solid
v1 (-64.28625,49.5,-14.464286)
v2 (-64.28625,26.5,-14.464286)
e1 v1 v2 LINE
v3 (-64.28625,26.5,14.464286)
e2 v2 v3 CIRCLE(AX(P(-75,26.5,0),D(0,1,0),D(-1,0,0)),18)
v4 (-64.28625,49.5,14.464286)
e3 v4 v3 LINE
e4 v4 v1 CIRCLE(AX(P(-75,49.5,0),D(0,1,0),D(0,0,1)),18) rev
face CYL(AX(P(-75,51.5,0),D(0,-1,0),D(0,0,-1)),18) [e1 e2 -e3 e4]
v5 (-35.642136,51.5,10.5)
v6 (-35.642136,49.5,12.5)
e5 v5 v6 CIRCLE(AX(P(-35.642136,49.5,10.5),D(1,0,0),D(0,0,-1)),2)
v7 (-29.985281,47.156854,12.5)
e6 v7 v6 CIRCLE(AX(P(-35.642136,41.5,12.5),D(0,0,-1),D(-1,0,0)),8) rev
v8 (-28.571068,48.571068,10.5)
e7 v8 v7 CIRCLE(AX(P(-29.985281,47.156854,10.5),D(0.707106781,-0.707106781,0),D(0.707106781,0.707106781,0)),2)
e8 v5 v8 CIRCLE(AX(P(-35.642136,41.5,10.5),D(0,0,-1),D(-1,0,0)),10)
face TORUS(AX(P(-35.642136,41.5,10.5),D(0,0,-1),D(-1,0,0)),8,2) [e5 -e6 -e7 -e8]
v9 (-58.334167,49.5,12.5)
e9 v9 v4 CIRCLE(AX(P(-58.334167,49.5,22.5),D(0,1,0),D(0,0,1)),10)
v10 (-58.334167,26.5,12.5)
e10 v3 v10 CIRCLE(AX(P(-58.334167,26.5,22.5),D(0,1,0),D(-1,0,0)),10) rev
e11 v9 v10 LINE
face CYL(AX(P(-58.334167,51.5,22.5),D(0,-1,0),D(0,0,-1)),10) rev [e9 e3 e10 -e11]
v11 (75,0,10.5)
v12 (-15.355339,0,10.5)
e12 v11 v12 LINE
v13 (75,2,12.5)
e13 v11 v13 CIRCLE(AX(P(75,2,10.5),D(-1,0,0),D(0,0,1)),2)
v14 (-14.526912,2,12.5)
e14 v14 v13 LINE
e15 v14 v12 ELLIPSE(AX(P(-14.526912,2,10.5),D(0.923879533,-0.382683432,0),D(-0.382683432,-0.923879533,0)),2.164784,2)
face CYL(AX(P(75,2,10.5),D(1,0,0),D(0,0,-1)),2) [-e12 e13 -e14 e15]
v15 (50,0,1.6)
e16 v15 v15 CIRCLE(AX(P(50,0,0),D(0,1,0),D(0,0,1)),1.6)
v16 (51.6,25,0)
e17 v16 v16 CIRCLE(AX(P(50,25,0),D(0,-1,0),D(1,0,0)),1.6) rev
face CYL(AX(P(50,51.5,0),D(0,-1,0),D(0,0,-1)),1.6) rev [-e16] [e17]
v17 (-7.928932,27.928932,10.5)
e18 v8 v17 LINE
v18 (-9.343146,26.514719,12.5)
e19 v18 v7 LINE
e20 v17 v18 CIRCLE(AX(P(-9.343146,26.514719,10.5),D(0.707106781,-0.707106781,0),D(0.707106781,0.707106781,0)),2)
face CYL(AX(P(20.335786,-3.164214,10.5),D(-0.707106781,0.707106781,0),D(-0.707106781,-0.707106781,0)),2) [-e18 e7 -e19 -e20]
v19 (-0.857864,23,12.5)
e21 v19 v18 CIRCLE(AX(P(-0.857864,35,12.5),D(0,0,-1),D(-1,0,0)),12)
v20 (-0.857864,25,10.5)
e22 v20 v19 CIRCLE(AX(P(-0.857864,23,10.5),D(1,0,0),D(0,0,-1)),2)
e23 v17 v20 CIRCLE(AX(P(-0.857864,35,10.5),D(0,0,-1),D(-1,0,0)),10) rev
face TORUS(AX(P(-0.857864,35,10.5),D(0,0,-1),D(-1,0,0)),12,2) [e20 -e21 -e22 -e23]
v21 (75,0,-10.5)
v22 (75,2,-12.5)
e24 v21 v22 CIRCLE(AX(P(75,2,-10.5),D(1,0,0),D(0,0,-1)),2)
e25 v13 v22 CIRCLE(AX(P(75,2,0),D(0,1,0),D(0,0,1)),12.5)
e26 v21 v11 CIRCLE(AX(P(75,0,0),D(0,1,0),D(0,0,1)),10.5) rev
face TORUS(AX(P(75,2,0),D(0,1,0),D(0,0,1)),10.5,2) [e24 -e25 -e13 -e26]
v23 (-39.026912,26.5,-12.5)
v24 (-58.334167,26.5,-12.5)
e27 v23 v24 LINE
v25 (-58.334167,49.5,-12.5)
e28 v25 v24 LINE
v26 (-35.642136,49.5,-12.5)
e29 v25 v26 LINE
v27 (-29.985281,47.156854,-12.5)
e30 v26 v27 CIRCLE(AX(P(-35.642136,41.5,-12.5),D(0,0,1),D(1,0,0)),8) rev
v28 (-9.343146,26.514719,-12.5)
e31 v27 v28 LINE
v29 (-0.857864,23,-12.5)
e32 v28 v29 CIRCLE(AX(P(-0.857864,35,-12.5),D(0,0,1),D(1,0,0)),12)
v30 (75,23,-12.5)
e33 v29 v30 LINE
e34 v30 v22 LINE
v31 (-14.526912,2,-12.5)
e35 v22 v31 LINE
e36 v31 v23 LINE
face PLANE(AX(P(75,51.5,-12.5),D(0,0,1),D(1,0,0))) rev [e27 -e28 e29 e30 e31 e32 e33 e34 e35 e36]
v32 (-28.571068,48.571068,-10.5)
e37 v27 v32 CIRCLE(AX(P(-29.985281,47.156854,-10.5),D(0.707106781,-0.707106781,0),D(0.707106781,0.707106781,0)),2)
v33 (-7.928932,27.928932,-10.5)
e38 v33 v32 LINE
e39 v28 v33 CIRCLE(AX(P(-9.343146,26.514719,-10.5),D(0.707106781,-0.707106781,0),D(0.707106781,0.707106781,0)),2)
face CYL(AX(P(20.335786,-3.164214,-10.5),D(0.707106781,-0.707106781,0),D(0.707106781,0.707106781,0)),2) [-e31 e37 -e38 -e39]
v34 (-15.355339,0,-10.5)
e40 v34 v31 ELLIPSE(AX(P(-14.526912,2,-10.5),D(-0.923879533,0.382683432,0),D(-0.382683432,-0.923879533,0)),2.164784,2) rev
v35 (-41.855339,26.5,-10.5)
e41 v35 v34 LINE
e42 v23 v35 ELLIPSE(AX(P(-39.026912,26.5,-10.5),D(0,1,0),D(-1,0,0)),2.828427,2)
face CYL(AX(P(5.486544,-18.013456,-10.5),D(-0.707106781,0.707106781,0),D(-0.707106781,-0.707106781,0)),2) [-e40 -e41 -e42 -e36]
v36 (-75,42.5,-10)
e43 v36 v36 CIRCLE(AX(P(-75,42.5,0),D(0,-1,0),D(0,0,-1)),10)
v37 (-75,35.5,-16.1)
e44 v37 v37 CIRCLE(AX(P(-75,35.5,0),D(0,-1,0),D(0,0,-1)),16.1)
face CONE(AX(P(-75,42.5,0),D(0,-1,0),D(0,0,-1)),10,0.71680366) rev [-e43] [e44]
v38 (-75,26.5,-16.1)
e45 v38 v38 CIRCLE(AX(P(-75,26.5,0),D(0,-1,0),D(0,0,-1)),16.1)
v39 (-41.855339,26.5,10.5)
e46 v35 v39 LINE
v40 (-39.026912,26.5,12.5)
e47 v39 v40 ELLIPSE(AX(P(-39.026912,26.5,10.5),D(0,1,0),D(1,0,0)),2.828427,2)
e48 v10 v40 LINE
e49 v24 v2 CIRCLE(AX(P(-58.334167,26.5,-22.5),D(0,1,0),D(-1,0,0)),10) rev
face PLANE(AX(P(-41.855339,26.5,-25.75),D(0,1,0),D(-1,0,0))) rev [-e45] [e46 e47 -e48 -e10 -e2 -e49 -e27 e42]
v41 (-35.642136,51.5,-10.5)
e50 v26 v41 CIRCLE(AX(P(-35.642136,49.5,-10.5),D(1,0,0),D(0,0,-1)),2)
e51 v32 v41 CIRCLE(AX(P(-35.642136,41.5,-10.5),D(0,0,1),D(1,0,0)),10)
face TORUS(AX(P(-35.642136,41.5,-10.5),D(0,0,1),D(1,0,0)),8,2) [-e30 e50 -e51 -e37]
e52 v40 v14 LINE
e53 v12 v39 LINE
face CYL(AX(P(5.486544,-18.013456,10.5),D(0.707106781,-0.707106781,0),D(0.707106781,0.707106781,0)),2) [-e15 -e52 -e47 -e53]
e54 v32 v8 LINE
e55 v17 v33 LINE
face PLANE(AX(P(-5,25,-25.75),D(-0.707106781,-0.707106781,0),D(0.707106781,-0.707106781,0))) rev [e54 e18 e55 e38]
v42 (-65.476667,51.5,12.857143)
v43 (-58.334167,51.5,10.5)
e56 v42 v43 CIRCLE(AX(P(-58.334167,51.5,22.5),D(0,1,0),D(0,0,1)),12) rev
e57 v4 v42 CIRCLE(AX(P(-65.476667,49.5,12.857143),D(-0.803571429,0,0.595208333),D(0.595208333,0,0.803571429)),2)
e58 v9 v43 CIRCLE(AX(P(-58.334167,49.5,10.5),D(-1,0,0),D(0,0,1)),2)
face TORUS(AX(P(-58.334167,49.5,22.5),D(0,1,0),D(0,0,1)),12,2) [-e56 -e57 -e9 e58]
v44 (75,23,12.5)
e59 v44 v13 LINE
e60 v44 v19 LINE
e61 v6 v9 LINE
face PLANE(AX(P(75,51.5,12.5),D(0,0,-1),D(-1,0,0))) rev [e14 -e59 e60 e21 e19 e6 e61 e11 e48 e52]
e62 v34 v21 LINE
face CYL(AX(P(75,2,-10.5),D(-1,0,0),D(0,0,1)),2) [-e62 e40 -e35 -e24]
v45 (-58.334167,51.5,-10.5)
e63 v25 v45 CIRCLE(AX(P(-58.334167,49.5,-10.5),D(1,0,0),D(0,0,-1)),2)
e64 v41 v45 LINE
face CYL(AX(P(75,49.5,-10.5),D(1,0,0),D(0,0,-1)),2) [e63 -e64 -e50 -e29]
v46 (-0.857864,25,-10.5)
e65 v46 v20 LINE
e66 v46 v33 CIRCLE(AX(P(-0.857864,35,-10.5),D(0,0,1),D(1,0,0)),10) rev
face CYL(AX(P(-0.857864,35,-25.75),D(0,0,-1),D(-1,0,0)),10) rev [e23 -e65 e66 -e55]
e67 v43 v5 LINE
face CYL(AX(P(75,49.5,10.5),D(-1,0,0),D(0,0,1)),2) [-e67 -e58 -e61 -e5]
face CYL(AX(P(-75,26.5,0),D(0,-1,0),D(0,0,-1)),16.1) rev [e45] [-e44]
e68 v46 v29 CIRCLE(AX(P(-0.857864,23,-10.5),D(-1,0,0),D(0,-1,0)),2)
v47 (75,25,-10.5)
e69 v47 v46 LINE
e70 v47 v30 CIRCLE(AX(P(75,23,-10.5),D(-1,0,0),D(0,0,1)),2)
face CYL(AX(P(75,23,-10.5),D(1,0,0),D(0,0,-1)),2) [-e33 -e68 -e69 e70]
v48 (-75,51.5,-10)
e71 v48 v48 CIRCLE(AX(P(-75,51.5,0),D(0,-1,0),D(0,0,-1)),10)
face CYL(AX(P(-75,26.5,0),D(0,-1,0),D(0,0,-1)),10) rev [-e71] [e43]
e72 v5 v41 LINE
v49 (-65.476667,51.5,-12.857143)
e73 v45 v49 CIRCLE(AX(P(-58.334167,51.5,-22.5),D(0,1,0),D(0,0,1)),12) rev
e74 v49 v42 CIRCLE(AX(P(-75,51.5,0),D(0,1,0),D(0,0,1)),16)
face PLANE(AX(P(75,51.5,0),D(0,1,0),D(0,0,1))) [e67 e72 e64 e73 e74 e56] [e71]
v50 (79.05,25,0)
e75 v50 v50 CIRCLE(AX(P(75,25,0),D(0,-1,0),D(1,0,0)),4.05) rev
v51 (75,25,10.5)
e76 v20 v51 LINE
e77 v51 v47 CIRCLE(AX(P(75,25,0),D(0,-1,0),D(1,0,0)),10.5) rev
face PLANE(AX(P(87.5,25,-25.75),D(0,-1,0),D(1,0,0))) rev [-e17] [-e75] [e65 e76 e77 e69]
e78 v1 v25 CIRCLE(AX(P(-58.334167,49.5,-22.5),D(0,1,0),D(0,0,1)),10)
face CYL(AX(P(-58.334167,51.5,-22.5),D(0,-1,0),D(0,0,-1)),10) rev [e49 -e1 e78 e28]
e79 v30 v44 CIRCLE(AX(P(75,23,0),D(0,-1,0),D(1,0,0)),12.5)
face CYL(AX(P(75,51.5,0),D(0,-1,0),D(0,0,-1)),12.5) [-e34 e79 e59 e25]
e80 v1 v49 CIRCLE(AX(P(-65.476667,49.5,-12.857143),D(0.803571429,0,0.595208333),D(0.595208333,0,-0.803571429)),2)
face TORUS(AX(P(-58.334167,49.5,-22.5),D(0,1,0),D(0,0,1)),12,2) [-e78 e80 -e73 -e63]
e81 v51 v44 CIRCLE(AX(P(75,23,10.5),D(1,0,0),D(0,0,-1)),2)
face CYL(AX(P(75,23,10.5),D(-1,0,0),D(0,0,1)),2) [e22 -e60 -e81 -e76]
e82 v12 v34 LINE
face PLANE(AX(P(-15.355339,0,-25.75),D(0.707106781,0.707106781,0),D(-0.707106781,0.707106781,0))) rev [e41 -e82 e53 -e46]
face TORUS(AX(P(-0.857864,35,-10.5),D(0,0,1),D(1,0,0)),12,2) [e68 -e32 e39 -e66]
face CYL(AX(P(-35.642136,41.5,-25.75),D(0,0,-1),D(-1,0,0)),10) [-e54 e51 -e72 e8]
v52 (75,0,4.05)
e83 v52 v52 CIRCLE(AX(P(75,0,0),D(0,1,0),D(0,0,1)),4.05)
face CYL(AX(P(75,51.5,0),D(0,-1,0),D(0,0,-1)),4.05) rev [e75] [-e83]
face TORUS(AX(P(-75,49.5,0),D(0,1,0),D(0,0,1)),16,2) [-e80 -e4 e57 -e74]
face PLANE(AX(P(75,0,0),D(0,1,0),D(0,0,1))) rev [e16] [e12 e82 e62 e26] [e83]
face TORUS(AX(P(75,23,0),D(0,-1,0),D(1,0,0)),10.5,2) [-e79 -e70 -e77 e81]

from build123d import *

# Parameters (mm, degrees)
SALIENTE_EXTRUIR1_DEPTH = 51.5
CORTAR_EXTRUIR2_DEPTH   = 25.75
CROQUIS5_R              = 4.05
CROQUIS5_R_2            = 1.6
CORTAR_EXTRUIR3_DEPTH   = 108.820452605
REDONDEO1_R             = 10
REDONDEO2_R             = 2
REDONDEO3_R             = 2


with BuildPart() as part:
    # Croquis1 → Saliente-Extruir1 (new body)
    with BuildSketch(Plane(origin=(0, 0, 0), x_dir=(1, 0, 0), z_dir=(0, 1, 0))):
        with BuildLine():
            Line((75, -12.5), (-58.334166688, -12.5))
            ThreePointArc((-58.334166688, -12.5), (-61.46808254, -13.003760143), (-64.286250013, -14.464285714))
            ThreePointArc((-64.286250013, -14.464285714), (-93, 0), (-64.286250013, 14.464285714))
            ThreePointArc((-64.286250013, 14.464285714), (-61.46808254, 13.003760143), (-58.334166688, 12.5))
            Line((-58.334166688, 12.5), (75, 12.5))
            ThreePointArc((75, 12.5), (87.5, 0), (75, -12.5))
        make_face()
    extrude(amount=SALIENTE_EXTRUIR1_DEPTH)

    # Croquis3 → Cortar-Extruir2 (cut, symmetric)
    with BuildSketch(Plane.XY):
        Polygon((87.5, 25), (-5, 25), (-31.5, 51.5), (87.5, 51.5), align=None)
        Polygon((-15.355339059, 0), (-41.855339059, 26.5), (-93, 26.5), (-93, 0), align=None)
    extrude(amount=CORTAR_EXTRUIR2_DEPTH, both=True, mode=Mode.SUBTRACT)

    # Croquis4 → Cortar-Revolución1 (revolve, cut)
    with BuildSketch(Plane.XY):
        Polygon((-75, 26.5), (-75, 51.5), (-85, 51.5), (-85, 42.5), (-91.1, 35.5), (-91.1, 26.5), align=None)
    revolve(axis=Axis((-75, 26.5, 0), (0, 1, 0)), mode=Mode.SUBTRACT)

    # Croquis5 → Cortar-Extruir3 (cut, through all)
    with BuildSketch(Plane(origin=(0, 0, 0), x_dir=(1, 0, 0), z_dir=(0, 1, 0))):
        with Locations((75, 0)):
            Circle(CROQUIS5_R)
        with Locations((50, 0)):
            Circle(CROQUIS5_R_2)
    extrude(amount=CORTAR_EXTRUIR3_DEPTH, mode=Mode.SUBTRACT)

    # Redondeo1
    redondeo1_edges = [part.edges().sort_by_distance(p)[0] for p in [
        (-31.5, 51.5, 0),
        (-5, 25, 0),
    ]]
    fillet(redondeo1_edges, radius=REDONDEO1_R)

    # Redondeo2
    redondeo2_edges = [part.edges().sort_by_distance(p)[0] for p in [
        (-4.6846987, 25.761204675, -12.5),
        (-18.25, 38.25, -12.5),
        (-31.8153013, 50.738795325, -12.5),
        (-46.988151156, 51.5, -12.5),
        (-61.46808254, 51.5, -13.003760143),
        (-93, 51.5, 0),
        (-61.46808254, 51.5, 13.003760143),
        (-46.988151156, 51.5, 12.5),
        (-31.8153013, 50.738795325, 12.5),
        (-18.25, 38.25, 12.5),
        (-4.6846987, 25.761204675, 12.5),
        (37.071067812, 25, 12.5),
        (87.5, 25, 0),
        (37.071067812, 25, -12.5),
    ]]
    fillet(redondeo2_edges, radius=REDONDEO2_R)

    # Redondeo3
    redondeo3_edges = [part.edges().sort_by_distance(p)[0] for p in [
        (29.82233047, 0, 12.5),
        (87.5, 0, 0),
        (-28.605339059, 13.25, 12.5),
        (-28.605339059, 13.25, -12.5),
        (29.82233047, 0, -12.5),
    ]]
    fillet(redondeo3_edges, radius=REDONDEO3_R)


solid = part.part
